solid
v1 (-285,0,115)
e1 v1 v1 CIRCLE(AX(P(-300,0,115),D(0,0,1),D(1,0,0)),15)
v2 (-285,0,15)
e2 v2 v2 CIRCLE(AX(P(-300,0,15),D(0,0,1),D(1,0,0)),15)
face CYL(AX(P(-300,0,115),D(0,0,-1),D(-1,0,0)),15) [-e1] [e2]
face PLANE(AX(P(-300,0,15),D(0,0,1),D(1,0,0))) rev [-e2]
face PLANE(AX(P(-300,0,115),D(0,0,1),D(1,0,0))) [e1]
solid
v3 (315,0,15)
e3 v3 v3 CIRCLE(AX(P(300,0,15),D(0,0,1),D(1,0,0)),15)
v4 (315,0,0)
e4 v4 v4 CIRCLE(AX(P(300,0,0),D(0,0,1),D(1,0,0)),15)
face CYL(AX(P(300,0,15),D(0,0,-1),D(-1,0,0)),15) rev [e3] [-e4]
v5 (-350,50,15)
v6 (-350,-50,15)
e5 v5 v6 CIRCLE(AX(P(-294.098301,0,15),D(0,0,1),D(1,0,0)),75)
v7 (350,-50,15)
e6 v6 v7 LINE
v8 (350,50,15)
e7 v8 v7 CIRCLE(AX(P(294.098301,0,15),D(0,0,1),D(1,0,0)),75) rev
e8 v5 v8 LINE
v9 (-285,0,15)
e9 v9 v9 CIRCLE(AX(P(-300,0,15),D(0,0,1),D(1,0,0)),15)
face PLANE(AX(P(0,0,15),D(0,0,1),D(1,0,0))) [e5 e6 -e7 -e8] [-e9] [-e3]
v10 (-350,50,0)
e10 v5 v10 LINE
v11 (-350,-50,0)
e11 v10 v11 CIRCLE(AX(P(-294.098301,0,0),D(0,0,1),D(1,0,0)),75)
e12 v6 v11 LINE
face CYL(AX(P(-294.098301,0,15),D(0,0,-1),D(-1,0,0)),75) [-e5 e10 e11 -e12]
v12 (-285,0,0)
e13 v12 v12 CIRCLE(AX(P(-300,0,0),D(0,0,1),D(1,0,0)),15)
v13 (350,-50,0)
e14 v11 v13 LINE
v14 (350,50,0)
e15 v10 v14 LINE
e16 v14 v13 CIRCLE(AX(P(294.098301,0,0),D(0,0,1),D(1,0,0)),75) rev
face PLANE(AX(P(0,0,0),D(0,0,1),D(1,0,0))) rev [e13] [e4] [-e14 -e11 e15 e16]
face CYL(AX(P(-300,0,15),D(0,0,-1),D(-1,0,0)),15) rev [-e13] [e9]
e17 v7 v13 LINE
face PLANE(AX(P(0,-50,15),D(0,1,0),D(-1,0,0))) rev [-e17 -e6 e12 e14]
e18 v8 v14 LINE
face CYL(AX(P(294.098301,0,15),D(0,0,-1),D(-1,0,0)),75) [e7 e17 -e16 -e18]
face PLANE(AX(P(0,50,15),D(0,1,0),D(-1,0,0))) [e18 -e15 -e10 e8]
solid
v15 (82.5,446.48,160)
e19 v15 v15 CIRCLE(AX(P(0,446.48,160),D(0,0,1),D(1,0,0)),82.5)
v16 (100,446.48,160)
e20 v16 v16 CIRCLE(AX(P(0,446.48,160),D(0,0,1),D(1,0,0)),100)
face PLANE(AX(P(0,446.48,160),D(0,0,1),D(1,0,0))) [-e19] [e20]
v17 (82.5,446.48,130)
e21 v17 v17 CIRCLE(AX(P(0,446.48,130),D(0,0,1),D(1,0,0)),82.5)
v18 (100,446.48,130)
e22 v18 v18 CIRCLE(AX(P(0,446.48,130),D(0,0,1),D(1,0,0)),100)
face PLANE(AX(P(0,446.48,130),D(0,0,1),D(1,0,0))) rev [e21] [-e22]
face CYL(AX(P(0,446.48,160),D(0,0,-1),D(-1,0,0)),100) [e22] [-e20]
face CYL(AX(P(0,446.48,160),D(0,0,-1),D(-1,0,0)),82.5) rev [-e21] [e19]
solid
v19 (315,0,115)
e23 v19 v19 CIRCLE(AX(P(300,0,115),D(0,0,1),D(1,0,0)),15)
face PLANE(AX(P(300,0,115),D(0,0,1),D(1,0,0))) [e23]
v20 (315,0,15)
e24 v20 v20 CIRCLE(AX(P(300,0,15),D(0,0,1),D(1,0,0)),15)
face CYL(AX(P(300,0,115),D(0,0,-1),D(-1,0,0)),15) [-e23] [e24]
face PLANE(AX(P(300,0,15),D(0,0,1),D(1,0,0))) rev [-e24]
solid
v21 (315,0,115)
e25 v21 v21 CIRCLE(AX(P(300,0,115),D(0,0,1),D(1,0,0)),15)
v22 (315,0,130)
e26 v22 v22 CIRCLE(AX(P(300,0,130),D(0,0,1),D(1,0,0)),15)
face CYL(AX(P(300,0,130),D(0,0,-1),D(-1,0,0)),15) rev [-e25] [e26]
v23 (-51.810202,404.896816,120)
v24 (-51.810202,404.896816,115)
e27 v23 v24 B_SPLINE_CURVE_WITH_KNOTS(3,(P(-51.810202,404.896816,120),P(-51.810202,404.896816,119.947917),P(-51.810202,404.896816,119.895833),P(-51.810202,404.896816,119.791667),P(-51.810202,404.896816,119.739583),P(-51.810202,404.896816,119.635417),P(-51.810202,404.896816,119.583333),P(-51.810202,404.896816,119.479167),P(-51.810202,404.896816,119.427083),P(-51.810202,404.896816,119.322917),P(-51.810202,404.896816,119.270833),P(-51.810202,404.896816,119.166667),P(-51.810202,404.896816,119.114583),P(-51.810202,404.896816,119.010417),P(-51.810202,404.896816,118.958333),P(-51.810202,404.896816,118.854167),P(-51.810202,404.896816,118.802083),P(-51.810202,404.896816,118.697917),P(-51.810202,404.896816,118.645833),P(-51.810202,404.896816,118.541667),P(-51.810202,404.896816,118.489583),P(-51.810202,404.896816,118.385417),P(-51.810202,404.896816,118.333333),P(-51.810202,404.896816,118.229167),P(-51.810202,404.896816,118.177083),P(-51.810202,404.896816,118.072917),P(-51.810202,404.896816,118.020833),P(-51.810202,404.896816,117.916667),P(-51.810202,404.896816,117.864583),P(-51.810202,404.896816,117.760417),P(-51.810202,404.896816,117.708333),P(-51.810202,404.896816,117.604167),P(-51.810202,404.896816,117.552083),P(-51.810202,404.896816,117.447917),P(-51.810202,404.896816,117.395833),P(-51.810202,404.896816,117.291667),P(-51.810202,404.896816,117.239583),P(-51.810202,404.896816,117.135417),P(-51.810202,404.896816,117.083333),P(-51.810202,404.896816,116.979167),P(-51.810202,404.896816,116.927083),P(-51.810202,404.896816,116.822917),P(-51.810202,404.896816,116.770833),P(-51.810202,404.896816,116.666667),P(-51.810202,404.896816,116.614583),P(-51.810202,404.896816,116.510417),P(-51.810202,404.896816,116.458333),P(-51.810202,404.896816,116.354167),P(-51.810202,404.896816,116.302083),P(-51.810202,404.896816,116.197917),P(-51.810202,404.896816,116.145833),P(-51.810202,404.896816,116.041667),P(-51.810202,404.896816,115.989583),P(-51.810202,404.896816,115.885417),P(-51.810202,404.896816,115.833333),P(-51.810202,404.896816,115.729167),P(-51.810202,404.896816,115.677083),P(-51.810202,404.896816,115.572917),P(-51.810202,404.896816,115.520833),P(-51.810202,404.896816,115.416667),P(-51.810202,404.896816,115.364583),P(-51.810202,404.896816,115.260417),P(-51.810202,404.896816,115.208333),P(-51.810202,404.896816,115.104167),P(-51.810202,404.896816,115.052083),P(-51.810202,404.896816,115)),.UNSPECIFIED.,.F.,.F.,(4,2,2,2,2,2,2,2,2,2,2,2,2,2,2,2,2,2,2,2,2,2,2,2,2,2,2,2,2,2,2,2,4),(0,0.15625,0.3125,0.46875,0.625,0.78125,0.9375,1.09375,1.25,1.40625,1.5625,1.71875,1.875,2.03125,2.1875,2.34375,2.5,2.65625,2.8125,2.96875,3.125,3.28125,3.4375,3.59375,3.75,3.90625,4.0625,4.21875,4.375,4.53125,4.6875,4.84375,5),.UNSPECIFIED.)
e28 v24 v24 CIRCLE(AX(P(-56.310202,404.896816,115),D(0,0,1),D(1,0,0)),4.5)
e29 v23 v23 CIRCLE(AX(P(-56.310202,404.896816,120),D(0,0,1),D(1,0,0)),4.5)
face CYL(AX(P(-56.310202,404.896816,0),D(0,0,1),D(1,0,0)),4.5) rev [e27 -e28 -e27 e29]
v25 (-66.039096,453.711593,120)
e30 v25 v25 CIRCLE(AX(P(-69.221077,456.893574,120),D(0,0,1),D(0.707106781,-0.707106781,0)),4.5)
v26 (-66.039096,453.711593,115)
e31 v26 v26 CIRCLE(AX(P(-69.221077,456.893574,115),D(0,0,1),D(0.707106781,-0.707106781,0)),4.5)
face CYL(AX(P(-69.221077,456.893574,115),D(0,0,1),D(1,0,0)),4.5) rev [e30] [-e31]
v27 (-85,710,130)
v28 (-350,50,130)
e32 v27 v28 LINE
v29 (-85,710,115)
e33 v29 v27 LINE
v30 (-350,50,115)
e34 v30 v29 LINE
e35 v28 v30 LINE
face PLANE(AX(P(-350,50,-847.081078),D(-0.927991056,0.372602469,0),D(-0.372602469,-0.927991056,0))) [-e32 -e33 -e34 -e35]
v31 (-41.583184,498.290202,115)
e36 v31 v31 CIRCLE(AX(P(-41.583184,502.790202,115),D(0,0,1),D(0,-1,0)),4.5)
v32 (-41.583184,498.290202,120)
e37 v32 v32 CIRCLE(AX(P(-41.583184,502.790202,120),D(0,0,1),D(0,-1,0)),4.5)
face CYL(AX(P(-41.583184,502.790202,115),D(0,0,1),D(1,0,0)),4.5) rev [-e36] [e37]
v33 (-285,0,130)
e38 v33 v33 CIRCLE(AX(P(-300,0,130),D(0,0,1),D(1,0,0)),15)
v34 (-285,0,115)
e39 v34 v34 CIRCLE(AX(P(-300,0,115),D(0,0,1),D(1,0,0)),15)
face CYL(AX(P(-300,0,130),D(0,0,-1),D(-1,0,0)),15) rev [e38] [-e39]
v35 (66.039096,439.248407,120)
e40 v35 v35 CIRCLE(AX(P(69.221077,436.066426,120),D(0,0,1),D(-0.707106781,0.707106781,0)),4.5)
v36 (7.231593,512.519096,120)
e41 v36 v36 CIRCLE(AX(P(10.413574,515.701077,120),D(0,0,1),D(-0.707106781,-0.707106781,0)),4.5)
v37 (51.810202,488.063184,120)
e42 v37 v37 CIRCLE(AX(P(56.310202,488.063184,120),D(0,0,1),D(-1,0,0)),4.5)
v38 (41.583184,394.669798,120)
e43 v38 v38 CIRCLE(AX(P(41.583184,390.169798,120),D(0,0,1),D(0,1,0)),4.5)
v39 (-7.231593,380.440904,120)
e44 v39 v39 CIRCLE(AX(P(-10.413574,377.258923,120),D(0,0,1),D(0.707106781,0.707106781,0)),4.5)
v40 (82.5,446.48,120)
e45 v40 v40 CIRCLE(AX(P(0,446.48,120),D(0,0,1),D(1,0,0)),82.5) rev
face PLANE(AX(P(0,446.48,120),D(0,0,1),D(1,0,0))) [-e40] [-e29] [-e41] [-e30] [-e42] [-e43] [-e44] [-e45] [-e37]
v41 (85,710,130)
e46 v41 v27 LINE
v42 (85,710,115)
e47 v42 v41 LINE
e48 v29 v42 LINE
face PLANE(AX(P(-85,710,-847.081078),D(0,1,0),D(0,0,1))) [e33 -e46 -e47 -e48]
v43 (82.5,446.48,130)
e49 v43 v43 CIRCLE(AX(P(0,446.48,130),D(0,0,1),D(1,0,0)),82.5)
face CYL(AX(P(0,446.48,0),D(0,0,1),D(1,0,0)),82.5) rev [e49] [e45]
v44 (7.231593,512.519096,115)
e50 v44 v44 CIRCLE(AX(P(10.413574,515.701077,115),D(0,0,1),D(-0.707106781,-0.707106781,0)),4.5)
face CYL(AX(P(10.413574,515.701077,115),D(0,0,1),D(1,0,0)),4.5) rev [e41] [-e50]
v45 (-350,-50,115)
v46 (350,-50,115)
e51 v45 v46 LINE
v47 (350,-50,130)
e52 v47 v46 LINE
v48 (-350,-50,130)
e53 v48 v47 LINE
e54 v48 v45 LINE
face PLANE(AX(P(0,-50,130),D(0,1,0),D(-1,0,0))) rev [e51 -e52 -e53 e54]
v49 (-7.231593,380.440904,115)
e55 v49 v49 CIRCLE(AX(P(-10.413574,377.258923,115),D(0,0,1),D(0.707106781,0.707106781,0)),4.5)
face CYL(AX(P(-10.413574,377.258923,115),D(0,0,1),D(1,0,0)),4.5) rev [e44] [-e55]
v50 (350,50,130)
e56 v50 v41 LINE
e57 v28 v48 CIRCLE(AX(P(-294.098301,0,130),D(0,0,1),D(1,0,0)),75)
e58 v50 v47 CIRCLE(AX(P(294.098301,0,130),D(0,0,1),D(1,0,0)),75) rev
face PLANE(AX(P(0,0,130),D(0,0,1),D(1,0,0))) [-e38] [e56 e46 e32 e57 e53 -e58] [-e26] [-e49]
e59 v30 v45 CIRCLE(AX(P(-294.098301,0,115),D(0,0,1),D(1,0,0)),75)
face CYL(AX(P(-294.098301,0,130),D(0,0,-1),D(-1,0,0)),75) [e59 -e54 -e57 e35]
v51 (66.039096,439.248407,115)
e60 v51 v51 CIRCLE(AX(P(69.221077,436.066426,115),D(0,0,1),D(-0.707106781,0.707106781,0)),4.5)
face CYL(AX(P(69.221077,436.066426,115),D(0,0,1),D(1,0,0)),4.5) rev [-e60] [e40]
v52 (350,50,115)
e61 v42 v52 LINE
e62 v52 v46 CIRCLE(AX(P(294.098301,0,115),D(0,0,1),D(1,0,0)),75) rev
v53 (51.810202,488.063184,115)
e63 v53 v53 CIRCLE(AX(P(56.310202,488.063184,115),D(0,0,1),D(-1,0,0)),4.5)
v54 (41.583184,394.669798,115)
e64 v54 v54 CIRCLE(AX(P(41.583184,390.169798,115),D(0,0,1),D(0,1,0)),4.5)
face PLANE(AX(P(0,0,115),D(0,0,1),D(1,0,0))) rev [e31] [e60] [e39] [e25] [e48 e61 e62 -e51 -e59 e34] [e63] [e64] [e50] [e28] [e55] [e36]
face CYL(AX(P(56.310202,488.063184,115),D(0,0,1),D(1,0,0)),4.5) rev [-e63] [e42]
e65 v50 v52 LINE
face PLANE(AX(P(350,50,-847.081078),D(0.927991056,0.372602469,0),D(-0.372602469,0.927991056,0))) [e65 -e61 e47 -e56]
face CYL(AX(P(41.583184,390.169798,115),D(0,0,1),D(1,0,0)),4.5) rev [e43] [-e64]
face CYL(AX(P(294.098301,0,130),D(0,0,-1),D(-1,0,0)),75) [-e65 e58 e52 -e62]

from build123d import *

# Parameters (mm, degrees)
SKETCH1_R             = 15
BOSS_EXTRUDE1_DEPTH   = 15
LPATTERN1_COUNT       = 2
LPATTERN1_PITCH       = 115
SKETCH3_R             = 15
BOSS_EXTRUDE2_DEPTH   = 100
BOSS_EXTRUDE2_2_DEPTH = 100
BOSS_EXTRUDE3_DEPTH   = 15
SKETCH5_R             = 82.5
CUT_EXTRUDE1_DEPTH    = 811.699423633
SKETCH6_R             = 100
BOSS_EXTRUDE4_DEPTH   = 5
SKETCH7_R             = 100
SKETCH7_R_2           = 82.5
BOSS_EXTRUDE5_DEPTH   = 30
SKETCH9_R             = 4.5
CUT_EXTRUDE2_DEPTH    = 810.156076093
CIRPATTERN1_COUNT     = 8


with BuildPart() as part:
    # Sketch1 → Boss-Extrude1 (new body)
    with BuildSketch(Plane.XY):
        with BuildLine():
            Line((-350, -50), (350, -50))
            ThreePointArc((350, -50), (369.098300563, 0), (350, 50))
            Line((350, 50), (-350, 50))
            ThreePointArc((-350, 50), (-369.098300563, 0), (-350, -50))
        make_face()
        with Locations((-300, 0)):
            Circle(SKETCH1_R, mode=Mode.SUBTRACT)
        with Locations((300, 0)):
            Circle(SKETCH1_R, mode=Mode.SUBTRACT)
    extrude(amount=BOSS_EXTRUDE1_DEPTH)


with BuildPart() as lpattern1_1:
    # LPattern1: pattern copy
    add(part.part.moved(Location(Vector(0, 0, 1) * (1 * LPATTERN1_PITCH))))

    # Sketch4 → Boss-Extrude3 (add)
    with BuildSketch(Plane.XY.offset(130)):
        Polygon((-350, 50), (-85, 710), (85, 710), (350, 50), align=None)
    extrude(amount=-BOSS_EXTRUDE3_DEPTH)

    # Sketch5 → Cut-Extrude1 (cut, through all)
    with BuildSketch(Plane.XY.offset(130)):
        with Locations((0, 446.48)):
            Circle(SKETCH5_R)
    extrude(amount=-CUT_EXTRUDE1_DEPTH, mode=Mode.SUBTRACT)

    # Sketch6 → Boss-Extrude4 (add)
    with BuildSketch(Plane.XY.offset(115)):
        with Locations((0, 446.48)):
            Circle(SKETCH6_R)
    extrude(amount=BOSS_EXTRUDE4_DEPTH)

    # Sketch9 → Cut-Extrude2 (cut, through all)
    with BuildSketch(Plane.XY.offset(120)):
        with Locations((-56.310201511, 404.896815829)):
            Circle(SKETCH9_R)
    cut_extrude2 = extrude(amount=-CUT_EXTRUDE2_DEPTH, mode=Mode.SUBTRACT)

    # CirPattern1: Cut-Extrude2 ×8 about axis
    cirpattern1_axis = Axis((0, 446.48, 0), (0, 0, 1))
    for i in range(1, CIRPATTERN1_COUNT):
        add(cut_extrude2.rotate(cirpattern1_axis, i * 360 / CIRPATTERN1_COUNT), mode=Mode.SUBTRACT)


with BuildPart() as body_3:
    # Sketch3 → Boss-Extrude2 (new body)
    with BuildSketch(Plane.XY.offset(15)):
        with Locations((-300, 0)):
            Circle(SKETCH3_R)
    extrude(amount=BOSS_EXTRUDE2_DEPTH)


with BuildPart() as body_4:
    # Sketch3 → Boss-Extrude2 2 (new body)
    with BuildSketch(Plane.XY.offset(15)):
        with Locations((300, 0)):
            Circle(SKETCH3_R)
    extrude(amount=BOSS_EXTRUDE2_2_DEPTH)


with BuildPart() as body_5:
    # Sketch7 → Boss-Extrude5 (new body)
    with BuildSketch(Plane.XY.offset(130)):
        with Locations((0, 446.48)):
            Circle(SKETCH7_R)
        with Locations((0, 446.48)):
            Circle(SKETCH7_R_2, mode=Mode.SUBTRACT)
    extrude(amount=BOSS_EXTRUDE5_DEPTH)


solid = Compound([part.part, lpattern1_1.part, body_3.part, body_4.part, body_5.part])
